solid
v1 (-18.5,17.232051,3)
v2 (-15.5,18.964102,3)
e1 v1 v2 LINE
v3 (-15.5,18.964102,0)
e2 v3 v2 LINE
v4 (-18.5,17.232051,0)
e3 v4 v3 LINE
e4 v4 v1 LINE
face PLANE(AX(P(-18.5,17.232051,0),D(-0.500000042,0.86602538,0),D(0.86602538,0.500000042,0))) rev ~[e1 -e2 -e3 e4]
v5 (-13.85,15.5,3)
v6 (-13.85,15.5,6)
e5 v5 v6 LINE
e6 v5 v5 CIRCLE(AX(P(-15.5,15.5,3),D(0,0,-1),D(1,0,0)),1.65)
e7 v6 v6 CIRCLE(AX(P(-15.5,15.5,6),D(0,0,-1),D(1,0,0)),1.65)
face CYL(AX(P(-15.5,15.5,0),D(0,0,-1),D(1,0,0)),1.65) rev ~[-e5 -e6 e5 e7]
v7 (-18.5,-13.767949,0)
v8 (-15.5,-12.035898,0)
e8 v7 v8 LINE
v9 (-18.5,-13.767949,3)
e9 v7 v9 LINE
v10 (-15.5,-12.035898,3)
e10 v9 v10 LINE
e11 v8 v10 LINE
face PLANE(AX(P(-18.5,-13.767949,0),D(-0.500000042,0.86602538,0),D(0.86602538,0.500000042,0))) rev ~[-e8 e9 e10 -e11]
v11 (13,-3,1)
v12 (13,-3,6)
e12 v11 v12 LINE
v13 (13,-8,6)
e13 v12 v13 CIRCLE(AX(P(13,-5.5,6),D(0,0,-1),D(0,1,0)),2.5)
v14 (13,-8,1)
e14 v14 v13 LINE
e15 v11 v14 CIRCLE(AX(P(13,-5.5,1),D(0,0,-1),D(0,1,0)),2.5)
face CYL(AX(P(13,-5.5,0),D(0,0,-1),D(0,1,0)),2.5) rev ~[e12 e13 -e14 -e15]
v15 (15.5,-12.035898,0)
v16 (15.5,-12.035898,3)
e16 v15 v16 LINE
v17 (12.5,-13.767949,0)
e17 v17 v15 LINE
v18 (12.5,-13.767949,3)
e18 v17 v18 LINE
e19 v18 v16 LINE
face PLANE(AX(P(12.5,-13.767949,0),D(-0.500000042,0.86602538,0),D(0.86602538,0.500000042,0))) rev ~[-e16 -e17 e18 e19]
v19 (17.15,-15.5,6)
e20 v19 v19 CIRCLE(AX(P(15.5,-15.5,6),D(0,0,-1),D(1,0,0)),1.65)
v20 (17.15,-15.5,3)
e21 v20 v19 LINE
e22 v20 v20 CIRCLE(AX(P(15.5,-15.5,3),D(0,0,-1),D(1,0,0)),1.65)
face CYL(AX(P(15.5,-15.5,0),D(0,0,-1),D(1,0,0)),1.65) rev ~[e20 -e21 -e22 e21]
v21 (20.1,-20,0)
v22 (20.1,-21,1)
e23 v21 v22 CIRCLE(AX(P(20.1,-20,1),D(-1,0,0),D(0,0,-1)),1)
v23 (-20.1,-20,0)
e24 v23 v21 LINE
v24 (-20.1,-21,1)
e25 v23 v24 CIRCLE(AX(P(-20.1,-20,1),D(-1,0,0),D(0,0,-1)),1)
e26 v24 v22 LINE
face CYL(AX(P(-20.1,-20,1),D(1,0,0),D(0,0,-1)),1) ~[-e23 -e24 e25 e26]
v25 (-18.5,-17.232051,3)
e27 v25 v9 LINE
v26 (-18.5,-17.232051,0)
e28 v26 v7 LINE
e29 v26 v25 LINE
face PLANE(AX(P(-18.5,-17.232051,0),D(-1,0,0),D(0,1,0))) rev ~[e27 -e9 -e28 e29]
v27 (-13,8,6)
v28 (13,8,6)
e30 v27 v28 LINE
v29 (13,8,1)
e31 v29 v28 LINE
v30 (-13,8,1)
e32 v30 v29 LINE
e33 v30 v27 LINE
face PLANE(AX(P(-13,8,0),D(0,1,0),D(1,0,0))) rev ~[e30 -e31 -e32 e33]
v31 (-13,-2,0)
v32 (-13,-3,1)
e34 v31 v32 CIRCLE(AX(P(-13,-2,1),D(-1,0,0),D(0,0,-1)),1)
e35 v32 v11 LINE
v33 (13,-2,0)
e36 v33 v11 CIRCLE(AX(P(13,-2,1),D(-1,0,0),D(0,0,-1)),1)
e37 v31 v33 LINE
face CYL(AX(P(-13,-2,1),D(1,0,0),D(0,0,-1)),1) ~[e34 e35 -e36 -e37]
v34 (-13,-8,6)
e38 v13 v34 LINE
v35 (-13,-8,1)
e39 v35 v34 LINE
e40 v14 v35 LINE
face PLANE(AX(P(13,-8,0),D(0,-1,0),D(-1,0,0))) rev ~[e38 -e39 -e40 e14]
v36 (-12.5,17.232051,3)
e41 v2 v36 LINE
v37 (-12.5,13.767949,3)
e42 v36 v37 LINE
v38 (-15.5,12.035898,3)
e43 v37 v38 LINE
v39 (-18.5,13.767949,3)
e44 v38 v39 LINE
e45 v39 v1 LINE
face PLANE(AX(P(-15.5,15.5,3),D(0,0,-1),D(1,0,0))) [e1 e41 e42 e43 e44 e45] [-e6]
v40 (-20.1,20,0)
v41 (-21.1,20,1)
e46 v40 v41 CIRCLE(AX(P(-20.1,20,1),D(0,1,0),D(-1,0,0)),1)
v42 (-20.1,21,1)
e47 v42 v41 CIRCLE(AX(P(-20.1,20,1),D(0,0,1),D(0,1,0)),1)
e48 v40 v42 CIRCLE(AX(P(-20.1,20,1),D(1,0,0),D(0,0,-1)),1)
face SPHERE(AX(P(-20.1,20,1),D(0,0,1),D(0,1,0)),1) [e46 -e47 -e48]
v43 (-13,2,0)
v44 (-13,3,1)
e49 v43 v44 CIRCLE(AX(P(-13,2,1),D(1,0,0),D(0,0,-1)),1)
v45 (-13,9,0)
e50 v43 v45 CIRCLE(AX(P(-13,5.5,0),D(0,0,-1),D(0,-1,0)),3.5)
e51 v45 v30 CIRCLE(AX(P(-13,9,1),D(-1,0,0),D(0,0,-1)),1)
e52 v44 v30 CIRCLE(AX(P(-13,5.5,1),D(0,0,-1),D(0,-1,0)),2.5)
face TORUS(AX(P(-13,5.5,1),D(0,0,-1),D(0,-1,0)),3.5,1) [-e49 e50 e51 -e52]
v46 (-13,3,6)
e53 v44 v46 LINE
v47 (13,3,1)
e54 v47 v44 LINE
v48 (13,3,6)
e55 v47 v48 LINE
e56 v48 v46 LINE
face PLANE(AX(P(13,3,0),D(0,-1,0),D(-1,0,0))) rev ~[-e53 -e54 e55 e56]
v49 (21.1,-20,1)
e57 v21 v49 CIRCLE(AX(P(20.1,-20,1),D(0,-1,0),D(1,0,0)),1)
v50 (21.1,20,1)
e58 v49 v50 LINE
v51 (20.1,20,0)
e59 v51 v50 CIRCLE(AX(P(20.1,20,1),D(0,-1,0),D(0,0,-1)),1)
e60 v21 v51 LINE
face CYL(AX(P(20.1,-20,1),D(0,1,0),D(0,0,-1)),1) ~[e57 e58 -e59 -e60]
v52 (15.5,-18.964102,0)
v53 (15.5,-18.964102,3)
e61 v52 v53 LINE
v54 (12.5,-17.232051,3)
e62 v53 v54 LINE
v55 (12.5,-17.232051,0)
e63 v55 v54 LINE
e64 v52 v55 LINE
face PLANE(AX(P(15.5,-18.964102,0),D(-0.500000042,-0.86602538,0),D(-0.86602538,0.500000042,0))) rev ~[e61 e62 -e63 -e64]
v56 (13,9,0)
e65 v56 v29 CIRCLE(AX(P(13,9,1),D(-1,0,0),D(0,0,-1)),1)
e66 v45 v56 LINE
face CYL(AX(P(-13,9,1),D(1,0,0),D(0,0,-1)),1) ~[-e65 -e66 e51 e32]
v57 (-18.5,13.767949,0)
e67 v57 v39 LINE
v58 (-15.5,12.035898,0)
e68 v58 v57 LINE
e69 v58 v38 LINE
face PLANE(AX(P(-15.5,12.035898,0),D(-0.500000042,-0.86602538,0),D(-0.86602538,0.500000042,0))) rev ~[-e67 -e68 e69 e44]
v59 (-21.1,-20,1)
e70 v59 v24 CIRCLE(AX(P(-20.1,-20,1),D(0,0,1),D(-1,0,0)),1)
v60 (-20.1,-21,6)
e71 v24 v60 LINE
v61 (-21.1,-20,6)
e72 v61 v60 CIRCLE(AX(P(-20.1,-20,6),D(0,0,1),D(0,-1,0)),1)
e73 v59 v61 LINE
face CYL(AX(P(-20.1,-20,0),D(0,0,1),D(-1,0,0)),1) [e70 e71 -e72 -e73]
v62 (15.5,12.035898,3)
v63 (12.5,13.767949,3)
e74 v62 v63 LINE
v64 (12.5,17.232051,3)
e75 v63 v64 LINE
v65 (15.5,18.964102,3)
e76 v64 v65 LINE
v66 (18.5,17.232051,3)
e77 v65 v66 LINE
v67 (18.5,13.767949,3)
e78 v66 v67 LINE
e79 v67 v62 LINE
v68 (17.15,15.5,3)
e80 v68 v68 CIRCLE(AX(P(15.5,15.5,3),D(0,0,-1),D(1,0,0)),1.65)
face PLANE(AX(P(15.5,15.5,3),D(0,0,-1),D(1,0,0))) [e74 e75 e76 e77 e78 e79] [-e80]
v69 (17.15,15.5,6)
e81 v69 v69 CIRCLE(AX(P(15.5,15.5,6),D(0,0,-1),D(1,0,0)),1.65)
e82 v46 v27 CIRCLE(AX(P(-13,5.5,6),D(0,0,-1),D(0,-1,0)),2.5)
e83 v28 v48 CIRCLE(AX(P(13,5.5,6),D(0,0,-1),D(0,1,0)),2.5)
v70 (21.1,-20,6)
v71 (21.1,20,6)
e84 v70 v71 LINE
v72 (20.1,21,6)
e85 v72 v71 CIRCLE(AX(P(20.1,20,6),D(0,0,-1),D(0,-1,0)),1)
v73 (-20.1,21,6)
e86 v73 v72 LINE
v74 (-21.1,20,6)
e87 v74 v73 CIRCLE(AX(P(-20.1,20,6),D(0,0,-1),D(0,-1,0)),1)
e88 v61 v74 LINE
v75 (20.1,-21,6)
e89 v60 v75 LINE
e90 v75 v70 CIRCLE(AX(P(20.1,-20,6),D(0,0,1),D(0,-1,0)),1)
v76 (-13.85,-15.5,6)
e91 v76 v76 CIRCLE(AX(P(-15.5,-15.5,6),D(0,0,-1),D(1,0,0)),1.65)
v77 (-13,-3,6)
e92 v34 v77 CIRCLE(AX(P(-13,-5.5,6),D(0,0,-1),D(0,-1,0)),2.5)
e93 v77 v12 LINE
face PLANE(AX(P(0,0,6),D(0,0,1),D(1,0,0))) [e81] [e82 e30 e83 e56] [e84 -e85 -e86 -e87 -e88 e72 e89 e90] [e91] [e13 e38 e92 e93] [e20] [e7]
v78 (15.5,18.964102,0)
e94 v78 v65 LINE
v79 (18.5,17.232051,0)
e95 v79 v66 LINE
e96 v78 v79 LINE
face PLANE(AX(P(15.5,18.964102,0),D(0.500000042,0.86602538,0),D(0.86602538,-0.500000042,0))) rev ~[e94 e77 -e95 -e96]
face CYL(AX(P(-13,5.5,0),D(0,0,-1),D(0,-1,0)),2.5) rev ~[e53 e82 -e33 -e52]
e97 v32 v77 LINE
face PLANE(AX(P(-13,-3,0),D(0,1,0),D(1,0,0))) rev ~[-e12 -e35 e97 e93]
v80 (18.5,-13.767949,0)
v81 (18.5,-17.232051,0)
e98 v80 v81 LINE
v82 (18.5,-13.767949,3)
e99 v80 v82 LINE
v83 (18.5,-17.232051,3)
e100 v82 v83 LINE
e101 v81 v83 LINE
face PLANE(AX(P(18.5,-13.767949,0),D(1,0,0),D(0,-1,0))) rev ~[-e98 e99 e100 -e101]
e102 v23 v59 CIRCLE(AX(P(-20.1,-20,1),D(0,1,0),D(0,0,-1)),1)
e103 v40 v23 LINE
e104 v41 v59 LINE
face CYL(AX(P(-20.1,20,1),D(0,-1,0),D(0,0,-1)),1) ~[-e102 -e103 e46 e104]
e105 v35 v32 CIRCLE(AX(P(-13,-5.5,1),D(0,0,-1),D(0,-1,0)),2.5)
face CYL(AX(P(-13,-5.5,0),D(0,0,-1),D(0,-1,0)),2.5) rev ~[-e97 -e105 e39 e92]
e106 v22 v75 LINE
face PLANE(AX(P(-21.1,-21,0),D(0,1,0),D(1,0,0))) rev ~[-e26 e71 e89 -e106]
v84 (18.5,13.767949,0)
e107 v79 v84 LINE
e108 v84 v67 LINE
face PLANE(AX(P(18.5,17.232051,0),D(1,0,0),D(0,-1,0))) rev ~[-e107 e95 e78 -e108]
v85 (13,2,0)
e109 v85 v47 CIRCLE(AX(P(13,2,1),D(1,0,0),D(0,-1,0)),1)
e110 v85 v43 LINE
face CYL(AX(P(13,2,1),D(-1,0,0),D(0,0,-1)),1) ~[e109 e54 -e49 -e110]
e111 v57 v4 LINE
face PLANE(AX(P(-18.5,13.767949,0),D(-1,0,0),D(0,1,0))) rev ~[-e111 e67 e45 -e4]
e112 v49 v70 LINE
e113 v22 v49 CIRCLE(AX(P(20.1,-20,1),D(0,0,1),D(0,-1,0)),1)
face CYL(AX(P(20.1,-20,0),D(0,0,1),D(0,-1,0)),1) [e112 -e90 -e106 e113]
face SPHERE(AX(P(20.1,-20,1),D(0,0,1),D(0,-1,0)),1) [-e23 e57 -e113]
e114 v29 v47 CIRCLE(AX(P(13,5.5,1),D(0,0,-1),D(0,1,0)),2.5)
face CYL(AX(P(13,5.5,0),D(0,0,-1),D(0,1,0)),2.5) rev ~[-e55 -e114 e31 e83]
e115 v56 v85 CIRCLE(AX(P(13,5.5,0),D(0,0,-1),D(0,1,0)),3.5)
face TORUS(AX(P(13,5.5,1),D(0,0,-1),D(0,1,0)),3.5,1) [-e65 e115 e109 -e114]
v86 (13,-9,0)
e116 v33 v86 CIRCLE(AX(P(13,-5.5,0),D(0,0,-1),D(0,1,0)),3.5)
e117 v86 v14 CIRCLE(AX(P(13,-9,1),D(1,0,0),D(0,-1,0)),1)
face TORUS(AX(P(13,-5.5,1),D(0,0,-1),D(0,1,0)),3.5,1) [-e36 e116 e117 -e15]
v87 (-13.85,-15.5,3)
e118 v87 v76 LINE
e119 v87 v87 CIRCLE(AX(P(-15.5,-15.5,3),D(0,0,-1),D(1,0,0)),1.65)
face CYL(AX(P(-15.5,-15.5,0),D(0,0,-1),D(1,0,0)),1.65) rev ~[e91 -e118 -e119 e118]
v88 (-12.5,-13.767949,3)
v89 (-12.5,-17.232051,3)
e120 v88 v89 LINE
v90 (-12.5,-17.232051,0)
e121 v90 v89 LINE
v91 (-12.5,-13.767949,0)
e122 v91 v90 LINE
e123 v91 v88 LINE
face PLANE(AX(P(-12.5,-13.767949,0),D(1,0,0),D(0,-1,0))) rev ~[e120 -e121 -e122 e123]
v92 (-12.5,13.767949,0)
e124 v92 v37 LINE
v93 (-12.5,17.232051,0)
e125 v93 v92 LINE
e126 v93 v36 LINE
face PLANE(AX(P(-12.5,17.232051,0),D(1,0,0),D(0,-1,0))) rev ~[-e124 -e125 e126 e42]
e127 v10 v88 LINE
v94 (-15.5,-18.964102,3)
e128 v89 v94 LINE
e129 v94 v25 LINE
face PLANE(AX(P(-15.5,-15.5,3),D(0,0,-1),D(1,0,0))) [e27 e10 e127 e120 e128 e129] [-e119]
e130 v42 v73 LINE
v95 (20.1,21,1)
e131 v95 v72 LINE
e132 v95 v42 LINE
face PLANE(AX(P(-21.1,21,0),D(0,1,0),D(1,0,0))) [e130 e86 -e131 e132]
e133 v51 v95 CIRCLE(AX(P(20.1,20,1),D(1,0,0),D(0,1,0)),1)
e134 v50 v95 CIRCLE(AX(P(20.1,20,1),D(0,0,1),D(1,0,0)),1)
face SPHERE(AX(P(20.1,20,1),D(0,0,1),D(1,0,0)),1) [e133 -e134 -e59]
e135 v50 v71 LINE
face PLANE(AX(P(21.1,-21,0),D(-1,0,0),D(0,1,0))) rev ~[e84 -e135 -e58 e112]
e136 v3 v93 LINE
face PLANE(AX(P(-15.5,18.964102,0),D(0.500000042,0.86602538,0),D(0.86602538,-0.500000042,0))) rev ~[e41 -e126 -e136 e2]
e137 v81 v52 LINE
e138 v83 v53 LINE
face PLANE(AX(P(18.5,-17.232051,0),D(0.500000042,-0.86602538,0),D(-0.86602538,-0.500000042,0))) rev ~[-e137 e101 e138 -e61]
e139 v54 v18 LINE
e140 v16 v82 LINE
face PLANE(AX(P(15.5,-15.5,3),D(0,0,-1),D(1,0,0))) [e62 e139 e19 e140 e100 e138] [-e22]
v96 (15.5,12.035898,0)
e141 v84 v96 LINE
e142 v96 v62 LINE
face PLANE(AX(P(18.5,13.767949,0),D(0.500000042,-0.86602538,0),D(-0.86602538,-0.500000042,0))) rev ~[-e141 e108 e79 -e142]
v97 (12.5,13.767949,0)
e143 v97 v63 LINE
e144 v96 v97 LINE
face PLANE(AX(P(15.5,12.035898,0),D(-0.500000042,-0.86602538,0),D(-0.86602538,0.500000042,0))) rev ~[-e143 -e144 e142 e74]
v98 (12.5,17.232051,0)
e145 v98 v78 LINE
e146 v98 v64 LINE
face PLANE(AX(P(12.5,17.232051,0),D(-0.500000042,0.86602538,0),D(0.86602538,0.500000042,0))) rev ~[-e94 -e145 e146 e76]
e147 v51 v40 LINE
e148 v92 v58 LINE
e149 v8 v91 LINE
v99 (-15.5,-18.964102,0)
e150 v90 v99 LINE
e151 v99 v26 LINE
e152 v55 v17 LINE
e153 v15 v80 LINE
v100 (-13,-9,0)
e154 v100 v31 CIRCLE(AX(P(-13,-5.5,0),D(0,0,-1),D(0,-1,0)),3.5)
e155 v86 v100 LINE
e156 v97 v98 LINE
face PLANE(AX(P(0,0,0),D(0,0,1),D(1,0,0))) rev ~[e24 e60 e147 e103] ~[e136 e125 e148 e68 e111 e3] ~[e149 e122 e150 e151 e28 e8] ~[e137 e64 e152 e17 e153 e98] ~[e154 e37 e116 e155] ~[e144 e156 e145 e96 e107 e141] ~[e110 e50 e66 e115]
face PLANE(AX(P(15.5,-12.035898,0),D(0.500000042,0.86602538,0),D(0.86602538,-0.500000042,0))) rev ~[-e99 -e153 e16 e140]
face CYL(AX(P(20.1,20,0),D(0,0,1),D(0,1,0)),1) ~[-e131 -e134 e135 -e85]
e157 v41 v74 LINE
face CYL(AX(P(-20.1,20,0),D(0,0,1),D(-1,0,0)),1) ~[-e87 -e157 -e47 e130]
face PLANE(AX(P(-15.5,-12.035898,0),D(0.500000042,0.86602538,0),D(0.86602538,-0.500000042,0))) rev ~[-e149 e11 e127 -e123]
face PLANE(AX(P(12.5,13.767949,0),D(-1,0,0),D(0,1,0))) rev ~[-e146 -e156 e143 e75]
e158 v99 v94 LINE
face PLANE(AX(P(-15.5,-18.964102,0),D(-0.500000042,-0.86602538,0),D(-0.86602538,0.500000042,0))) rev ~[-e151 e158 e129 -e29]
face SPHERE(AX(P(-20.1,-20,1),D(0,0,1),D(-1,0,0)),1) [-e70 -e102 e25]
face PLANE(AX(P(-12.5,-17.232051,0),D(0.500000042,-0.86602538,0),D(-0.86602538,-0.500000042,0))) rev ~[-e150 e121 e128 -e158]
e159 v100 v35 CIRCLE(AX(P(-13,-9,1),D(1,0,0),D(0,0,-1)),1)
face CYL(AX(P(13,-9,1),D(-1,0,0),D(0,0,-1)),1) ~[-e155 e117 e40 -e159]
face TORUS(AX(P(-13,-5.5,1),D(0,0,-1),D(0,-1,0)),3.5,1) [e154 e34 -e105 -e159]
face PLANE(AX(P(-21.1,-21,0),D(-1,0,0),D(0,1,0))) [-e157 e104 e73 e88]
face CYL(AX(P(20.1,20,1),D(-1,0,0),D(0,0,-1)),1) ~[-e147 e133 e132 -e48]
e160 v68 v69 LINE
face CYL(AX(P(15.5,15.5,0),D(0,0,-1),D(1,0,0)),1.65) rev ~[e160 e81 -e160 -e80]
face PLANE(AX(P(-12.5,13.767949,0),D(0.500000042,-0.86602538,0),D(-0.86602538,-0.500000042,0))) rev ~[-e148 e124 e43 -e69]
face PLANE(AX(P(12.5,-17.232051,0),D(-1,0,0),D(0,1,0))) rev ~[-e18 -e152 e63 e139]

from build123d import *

# Parameters (mm, degrees)
F0_W     = 42.2
F0_H     = 42
F1_DEPTH = 6
F3_R     = 1
F4_R     = 1
F5_DEPTH = 3
F6_R     = 1.65
F7_DEPTH = 6.001


with BuildPart() as f1:
    # F0 (on Top) → F1 (new body)
    with BuildSketch(Plane.XY):
        Rectangle(F0_W, F0_H)
        with BuildLine():
            Line((13, -8), (-13, -8))
            ThreePointArc((-13, -8), (-15.5, -5.5), (-13, -3))
            Line((-13, -3), (13, -3))
            ThreePointArc((13, -3), (15.5, -5.5), (13, -8))
        make_face(mode=Mode.SUBTRACT)
        with BuildLine():
            Line((13, 3), (-13, 3))
            ThreePointArc((-13, 3), (-15.5, 5.5), (-13, 8))
            Line((-13, 8), (13, 8))
            ThreePointArc((13, 8), (15.5, 5.5), (13, 3))
        make_face(mode=Mode.SUBTRACT)
    extrude(amount=F1_DEPTH)

    # F3
    f3_edges = [f1.edges().sort_by_distance(p)[0] for p in [
        (-21.1, -21, 3),
        (21.1, -21, 3),
        (-21.1, 21, 3),
        (21.1, 21, 3),
    ]]
    fillet(f3_edges, radius=F3_R)

    # F4
    f4_edges = [f1.edges().sort_by_distance(p)[0] for p in [
        (0, -21, 0),
        (0, -3, 0),
        (0, 8, 0),
    ]]
    fillet(f4_edges, radius=F4_R)

    # F2 (on face) → F5 (cut)
    with BuildSketch(Plane(origin=(0, 0, 0), x_dir=(1, 0, 0), z_dir=(0, 0, -1))):
        Polygon((-12.5, 13.767949), (-12.5, 17.232051), (-15.5, 18.964102), (-18.5, 17.232051), (-18.5, 13.767949), (-15.5, 12.035898), align=None)
        Polygon((12.5, 17.232051), (12.5, 13.767949), (15.5, 12.035898), (18.5, 13.767949), (18.5, 17.232051), (15.5, 18.964102), align=None)
        Polygon((12.5, -13.767949), (12.5, -17.232051), (15.5, -18.964102), (18.5, -17.232051), (18.5, -13.767949), (15.5, -12.035898), align=None)
        Polygon((-12.5, -17.232051), (-12.5, -13.767949), (-15.5, -12.035898), (-18.5, -13.767949), (-18.5, -17.232051), (-15.5, -18.964102), align=None)
    extrude(amount=-F5_DEPTH, mode=Mode.SUBTRACT)

    # F6 (on face) → F7 (cut, through all)
    with BuildSketch(Plane(origin=(0, 0, 0), x_dir=(1, 0, 0), z_dir=(0, 0, -1))):
        with Locations((-15.5, 15.5)):
            Circle(F6_R)
        with Locations((15.5, 15.5)):
            Circle(F6_R)
        with Locations((15.5, -15.5)):
            Circle(F6_R)
        with Locations((-15.5, -15.5)):
            Circle(F6_R)
    extrude(amount=-F7_DEPTH, mode=Mode.SUBTRACT)


solid = f1.part
